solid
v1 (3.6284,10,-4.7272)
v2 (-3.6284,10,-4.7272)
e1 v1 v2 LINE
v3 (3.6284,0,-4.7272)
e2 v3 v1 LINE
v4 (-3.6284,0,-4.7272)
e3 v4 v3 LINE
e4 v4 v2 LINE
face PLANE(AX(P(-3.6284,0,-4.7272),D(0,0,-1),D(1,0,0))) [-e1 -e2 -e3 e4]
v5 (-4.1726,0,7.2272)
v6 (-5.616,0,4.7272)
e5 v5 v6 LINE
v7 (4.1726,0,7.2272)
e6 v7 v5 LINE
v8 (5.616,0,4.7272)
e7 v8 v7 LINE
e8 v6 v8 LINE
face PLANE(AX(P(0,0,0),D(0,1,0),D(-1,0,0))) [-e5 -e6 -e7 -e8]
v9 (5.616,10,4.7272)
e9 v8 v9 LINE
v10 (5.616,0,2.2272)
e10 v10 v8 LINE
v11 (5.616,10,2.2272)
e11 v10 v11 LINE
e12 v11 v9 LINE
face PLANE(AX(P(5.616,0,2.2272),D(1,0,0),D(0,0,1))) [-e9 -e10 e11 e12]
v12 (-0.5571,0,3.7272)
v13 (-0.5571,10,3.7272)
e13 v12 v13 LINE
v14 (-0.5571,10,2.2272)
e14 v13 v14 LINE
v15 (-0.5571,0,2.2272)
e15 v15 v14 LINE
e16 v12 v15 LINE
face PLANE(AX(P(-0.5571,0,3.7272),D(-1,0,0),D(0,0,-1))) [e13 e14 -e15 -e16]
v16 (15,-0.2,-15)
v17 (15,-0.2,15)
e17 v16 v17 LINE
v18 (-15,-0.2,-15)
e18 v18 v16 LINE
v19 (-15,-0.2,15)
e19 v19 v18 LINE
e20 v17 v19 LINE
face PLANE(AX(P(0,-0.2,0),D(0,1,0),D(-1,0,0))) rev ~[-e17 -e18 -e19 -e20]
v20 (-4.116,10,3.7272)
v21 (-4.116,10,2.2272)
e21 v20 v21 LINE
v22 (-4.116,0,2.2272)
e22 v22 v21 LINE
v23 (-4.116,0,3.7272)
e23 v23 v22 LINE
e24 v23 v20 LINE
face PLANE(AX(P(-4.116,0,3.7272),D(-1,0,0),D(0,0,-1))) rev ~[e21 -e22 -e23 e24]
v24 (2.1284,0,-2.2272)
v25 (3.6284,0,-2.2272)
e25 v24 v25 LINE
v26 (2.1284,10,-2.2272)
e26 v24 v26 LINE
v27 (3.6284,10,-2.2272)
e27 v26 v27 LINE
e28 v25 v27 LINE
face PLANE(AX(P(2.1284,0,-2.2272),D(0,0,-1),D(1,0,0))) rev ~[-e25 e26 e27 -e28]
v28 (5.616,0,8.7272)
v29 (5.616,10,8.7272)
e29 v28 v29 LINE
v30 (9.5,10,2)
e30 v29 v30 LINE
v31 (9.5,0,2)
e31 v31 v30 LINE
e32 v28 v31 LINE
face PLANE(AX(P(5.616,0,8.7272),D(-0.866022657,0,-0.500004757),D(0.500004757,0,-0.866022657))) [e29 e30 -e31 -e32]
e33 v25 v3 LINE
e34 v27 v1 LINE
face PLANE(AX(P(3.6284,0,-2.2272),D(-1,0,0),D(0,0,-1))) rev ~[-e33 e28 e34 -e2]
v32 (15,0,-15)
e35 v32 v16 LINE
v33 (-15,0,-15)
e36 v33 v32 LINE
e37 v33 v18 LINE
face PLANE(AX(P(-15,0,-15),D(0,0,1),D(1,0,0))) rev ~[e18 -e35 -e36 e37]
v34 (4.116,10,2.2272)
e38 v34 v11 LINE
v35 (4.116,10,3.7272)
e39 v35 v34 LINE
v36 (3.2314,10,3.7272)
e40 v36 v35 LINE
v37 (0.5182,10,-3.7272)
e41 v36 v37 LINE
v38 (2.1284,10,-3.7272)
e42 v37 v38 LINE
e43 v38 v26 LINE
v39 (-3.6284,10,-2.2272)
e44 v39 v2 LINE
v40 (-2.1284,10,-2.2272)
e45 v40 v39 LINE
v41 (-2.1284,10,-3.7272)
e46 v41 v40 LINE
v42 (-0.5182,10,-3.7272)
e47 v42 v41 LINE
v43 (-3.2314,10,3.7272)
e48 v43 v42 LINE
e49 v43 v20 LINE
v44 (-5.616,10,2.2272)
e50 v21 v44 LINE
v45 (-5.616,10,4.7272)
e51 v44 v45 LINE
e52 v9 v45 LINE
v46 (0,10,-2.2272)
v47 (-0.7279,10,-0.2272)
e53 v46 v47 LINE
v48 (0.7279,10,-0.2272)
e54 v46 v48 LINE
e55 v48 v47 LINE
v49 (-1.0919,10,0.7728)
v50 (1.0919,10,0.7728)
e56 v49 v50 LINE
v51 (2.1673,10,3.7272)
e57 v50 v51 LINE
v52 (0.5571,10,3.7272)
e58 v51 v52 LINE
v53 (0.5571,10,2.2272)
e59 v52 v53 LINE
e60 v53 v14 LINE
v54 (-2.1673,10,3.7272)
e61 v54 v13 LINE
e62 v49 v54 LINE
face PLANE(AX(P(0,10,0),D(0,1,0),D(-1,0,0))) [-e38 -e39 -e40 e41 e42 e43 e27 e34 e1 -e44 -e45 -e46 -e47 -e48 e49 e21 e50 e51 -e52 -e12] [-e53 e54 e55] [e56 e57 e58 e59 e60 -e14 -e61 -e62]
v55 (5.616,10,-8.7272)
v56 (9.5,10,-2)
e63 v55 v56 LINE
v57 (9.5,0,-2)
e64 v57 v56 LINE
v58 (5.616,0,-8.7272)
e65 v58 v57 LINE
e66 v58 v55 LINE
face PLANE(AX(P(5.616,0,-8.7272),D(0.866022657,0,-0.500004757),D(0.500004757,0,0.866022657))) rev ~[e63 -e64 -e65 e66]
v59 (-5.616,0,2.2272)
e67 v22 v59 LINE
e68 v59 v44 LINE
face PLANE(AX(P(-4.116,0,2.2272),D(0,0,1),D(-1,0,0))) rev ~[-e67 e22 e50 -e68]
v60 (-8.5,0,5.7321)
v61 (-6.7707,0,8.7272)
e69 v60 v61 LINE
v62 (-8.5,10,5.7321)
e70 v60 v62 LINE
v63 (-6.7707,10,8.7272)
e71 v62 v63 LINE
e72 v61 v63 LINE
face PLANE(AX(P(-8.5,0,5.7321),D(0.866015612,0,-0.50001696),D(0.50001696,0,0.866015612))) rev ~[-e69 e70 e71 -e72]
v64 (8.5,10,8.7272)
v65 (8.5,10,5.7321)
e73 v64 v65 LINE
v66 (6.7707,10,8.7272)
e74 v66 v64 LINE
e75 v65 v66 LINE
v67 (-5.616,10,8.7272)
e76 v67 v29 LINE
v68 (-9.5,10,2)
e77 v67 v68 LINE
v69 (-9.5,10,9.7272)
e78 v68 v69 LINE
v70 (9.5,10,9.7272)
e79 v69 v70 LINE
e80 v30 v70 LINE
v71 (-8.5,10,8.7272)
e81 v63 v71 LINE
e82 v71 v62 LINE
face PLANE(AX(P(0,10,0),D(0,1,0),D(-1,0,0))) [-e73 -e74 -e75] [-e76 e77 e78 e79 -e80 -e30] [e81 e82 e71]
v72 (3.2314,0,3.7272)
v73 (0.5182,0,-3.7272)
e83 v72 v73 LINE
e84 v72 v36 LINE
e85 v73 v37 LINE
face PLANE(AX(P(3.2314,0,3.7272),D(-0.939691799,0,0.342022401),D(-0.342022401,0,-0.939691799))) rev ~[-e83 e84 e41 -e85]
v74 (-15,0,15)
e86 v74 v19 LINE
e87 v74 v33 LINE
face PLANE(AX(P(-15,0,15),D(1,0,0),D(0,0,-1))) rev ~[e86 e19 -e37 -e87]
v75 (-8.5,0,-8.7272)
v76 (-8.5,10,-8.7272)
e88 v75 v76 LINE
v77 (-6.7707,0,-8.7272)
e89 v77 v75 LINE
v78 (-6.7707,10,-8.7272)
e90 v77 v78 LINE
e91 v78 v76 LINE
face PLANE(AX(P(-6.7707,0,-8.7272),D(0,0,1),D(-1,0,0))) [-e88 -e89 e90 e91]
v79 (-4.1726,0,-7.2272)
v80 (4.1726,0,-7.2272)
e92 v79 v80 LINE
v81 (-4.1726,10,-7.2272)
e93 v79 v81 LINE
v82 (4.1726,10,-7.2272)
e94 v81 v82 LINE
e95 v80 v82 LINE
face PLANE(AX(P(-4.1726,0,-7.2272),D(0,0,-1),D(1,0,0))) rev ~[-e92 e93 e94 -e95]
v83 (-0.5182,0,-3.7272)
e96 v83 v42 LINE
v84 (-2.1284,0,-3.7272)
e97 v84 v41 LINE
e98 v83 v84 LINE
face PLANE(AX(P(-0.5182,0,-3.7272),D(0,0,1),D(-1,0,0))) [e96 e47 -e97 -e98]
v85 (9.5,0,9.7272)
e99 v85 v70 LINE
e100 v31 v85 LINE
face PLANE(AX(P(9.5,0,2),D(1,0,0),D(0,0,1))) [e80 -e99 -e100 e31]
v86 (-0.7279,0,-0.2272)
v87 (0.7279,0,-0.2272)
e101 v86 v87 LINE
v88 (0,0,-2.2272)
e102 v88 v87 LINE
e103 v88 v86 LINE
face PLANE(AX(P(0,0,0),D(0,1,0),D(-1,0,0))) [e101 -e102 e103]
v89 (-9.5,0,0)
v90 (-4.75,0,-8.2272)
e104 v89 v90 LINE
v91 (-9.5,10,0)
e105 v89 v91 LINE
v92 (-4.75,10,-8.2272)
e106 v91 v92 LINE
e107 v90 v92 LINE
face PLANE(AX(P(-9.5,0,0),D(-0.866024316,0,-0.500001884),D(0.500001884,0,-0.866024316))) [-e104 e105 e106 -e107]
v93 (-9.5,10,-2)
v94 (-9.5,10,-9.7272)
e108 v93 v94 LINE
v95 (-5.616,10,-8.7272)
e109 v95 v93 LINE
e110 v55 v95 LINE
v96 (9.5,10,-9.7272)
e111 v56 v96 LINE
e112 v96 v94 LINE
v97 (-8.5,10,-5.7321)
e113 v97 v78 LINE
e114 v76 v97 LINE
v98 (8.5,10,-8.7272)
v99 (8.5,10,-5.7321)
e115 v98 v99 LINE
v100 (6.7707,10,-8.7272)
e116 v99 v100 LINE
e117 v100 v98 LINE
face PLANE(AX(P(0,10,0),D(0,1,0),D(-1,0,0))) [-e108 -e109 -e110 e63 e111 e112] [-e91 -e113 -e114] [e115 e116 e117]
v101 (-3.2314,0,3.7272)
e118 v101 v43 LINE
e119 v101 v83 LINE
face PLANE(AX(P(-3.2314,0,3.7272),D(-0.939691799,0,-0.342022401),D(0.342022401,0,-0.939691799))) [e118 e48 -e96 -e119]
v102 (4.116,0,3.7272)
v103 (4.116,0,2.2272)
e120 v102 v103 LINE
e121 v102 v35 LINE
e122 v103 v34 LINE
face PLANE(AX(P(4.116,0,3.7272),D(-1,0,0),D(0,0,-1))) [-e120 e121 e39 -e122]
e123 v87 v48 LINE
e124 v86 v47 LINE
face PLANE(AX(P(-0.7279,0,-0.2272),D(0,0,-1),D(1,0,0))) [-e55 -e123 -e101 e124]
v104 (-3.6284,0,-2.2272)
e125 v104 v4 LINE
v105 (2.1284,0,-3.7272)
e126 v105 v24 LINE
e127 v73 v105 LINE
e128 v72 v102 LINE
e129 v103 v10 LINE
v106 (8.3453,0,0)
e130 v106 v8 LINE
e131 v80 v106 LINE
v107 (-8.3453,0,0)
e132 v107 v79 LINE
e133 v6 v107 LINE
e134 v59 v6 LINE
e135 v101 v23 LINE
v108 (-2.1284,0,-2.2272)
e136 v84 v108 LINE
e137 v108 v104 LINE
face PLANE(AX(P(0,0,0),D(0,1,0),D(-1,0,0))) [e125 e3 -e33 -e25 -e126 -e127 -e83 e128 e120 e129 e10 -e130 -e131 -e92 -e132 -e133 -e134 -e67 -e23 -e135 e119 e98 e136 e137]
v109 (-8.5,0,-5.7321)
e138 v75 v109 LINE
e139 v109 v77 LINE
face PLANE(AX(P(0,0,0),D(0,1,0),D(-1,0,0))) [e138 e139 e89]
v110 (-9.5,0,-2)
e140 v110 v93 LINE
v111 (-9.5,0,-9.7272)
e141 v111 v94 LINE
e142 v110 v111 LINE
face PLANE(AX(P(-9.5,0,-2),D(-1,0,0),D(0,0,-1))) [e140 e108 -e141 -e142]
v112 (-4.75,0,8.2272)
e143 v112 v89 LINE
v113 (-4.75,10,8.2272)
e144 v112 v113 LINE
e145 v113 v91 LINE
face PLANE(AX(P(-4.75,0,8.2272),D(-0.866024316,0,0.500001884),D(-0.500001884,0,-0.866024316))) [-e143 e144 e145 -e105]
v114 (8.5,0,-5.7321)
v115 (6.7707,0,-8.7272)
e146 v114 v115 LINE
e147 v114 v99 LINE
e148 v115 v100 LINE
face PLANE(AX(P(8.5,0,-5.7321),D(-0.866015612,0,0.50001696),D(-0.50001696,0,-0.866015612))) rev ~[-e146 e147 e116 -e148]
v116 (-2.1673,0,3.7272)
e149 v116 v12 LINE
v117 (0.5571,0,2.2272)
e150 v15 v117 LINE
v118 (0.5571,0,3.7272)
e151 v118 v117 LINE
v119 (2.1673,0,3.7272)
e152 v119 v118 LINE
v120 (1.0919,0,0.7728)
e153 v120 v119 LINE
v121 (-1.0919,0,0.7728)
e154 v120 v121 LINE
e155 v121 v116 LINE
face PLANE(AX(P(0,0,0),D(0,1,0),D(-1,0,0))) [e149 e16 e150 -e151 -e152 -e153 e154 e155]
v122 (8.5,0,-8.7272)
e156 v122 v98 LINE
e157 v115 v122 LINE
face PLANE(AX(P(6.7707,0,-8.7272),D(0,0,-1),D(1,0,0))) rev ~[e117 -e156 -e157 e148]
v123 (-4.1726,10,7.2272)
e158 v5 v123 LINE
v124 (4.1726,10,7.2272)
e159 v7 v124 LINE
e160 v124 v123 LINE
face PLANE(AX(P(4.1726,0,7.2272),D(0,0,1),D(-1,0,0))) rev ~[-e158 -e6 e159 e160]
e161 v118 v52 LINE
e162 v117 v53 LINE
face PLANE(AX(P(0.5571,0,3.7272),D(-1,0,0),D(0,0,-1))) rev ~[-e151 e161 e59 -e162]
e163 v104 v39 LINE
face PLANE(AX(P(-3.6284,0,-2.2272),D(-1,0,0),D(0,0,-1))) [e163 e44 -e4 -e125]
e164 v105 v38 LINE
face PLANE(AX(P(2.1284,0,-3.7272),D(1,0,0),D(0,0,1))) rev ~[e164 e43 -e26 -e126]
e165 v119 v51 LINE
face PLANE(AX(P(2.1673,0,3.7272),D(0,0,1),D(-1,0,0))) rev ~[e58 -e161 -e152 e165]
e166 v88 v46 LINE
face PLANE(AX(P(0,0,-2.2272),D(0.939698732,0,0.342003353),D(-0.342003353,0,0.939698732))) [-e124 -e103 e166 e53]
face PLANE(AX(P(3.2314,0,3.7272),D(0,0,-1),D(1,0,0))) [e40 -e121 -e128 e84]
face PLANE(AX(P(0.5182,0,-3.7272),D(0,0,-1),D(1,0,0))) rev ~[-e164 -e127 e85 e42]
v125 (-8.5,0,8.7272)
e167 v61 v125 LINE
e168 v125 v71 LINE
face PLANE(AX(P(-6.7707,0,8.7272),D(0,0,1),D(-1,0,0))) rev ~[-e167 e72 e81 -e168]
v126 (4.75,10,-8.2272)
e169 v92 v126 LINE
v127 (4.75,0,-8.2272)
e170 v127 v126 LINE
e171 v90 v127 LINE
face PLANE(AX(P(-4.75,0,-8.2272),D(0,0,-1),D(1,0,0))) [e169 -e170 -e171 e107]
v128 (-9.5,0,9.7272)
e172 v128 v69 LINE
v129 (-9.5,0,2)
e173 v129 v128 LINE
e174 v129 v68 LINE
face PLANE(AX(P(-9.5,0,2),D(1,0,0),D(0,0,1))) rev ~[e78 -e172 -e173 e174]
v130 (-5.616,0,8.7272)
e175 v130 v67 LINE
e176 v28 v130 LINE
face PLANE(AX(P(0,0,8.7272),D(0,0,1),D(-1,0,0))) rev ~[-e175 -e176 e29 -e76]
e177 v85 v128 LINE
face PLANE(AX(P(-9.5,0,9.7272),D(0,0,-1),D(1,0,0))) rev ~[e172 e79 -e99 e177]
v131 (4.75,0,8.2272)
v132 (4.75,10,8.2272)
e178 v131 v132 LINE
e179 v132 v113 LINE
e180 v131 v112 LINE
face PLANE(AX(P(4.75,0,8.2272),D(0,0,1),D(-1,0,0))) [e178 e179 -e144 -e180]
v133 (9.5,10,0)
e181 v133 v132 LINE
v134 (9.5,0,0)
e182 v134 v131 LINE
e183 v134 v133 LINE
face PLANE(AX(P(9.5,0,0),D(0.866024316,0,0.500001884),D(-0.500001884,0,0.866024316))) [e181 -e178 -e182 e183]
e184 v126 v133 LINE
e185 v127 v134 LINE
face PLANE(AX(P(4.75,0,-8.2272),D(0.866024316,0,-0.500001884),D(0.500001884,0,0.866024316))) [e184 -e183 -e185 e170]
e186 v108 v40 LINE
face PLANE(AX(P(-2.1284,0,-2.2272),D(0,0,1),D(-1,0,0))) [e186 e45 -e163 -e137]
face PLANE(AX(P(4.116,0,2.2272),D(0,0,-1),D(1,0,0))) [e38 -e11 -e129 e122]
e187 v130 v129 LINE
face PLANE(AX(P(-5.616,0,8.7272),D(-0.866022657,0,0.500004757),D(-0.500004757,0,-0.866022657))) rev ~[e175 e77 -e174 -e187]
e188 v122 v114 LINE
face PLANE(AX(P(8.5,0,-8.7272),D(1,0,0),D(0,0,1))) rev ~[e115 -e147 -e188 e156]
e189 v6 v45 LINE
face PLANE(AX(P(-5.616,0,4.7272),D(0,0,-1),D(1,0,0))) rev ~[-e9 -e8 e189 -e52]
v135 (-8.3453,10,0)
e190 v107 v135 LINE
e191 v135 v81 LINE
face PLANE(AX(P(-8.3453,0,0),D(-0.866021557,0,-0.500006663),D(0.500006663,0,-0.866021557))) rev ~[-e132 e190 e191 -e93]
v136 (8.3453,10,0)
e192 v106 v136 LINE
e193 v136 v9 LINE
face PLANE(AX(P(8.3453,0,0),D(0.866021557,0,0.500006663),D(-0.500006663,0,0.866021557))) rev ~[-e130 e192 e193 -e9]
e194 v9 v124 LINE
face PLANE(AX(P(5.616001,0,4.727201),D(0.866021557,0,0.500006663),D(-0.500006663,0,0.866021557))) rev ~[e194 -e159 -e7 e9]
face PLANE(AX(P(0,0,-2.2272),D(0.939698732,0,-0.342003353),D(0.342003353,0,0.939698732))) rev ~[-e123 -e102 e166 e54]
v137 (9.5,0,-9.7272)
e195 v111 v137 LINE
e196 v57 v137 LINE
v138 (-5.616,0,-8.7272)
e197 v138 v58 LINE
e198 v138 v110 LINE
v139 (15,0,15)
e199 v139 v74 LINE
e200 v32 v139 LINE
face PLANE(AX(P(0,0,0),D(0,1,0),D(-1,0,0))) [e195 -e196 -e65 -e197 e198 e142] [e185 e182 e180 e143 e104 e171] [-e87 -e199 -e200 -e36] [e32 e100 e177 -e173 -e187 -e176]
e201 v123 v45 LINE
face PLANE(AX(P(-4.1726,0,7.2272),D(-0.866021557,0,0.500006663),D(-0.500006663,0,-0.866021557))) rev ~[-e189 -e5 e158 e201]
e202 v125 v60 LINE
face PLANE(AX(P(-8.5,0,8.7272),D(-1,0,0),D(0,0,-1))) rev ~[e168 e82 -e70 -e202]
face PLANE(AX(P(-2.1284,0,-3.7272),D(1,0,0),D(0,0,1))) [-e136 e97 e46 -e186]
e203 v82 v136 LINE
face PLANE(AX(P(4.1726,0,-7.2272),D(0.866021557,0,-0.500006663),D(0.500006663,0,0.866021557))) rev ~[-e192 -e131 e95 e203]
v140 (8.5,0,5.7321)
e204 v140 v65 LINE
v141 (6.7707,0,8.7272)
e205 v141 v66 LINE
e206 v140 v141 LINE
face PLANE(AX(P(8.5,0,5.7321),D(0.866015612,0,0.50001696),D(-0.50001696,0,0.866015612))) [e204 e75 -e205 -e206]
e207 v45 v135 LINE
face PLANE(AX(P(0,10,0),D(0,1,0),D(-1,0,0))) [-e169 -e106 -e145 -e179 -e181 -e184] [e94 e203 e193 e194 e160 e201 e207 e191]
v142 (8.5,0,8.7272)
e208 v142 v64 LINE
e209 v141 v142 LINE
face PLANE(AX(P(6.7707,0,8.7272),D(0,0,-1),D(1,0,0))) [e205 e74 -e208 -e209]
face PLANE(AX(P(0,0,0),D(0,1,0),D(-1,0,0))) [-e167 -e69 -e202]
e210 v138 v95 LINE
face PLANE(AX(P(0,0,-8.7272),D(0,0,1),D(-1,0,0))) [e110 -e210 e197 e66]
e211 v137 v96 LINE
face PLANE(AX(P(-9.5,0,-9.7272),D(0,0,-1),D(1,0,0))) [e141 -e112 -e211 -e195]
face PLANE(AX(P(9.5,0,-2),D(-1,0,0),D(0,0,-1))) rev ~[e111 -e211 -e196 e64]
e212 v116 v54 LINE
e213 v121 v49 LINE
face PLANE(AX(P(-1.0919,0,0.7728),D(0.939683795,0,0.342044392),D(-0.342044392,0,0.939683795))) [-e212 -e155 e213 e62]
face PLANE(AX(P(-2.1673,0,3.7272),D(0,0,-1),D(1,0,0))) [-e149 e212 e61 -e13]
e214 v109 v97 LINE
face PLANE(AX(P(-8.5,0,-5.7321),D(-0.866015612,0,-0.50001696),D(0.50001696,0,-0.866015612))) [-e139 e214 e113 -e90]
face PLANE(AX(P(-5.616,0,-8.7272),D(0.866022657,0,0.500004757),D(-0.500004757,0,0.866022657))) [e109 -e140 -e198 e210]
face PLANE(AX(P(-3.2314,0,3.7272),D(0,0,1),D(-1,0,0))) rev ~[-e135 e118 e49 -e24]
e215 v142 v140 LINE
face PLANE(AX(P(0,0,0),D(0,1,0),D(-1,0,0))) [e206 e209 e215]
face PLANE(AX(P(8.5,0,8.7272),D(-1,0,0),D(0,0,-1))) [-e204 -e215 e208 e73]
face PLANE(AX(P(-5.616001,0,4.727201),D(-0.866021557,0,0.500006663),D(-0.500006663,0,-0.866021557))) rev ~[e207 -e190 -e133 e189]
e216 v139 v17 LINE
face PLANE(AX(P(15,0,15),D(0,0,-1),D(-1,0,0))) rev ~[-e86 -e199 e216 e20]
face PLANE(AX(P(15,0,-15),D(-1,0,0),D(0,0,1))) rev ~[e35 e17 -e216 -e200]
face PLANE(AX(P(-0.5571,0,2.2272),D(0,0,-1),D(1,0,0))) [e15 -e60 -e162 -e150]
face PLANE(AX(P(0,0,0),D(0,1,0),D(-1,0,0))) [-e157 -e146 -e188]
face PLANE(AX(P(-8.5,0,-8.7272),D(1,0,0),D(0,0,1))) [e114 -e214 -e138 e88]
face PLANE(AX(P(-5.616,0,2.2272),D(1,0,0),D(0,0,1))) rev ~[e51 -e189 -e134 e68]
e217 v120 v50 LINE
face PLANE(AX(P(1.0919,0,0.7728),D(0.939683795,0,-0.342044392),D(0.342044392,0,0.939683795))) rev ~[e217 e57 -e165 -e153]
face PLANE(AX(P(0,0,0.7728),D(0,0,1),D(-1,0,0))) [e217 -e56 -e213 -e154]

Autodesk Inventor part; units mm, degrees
ref_plane "YZ Plane" through (0, 0, 0) normal (1, 0, 0) x (0, 1, 0)
ref_plane "XZ Plane" through (0, 0, 0) normal (0, 1, 0) x (-1, 0, 0)
ref_plane "XY Plane" through (0, 0, 0) normal (0, 0, 1) x (1, 0, 0)
sketch "Sketch1" plane through (0, 0, 0) normal (0, 1, 0) x (-1, 0, 0)
  line L0 (-10, 10) -> (10, 10)
  line L1 (10, 10) -> (10, -10)
  line L2 (10, -10) -> (-10, -10)
  line L3 (-10, -10) -> (-10, 10)
  line L4 (-10, 10) -> (10, -10) construction
  line L5 (10, 10) -> (-10, -10) construction
  line L6 (-9.5, 0) -> (-4.75, 8.2272)
  line L7 (-4.75, 8.2272) -> (4.75, 8.2272)
  line L8 (4.75, 8.2272) -> (9.5, 0)
  line L9 (9.5, 0) -> (4.75, -8.2272)
  line L10 (4.75, -8.2272) -> (-4.75, -8.2272)
  line L11 (-4.75, -8.2272) -> (-9.5, 0)
  line L12 (-8.3453, 0) -> (-4.1726, 7.2272)
  line L13 (-4.1726, 7.2272) -> (4.1726, 7.2272)
  line L14 (4.1726, 7.2272) -> (8.3453, 0)
  line L15 (8.3453, 0) -> (4.1726, -7.2272)
  line L16 (4.1726, -7.2272) -> (-4.1726, -7.2272)
  line L17 (-4.1726, -7.2272) -> (-8.3453, 0)
  line L18 (2.1284, -3.7272) -> (2.1284, -2.2272)
  line L19 (2.1284, -2.2272) -> (3.6284, -2.2272)
  line L20 (3.6284, -2.2272) -> (3.6284, -4.7272)
  line L21 (3.6284, -4.7272) -> (0, -4.7272)
  line L22 (0, -4.7272) -> (0, -2.2272)
  line L23 (0, -2.2272) -> (0.7279, -0.2272)
  line L24 (0.7279, -0.2272) -> (0, -0.2272)
  line L25 (0, -0.2272) -> (0, 0.7728)
  line L26 (0, 0.7728) -> (1.0919, 0.7728)
  line L27 (3.2314, 3.7272) -> (0.5182, -3.7272)
  line L28 (0.5182, -3.7272) -> (2.1284, -3.7272)
  line L29 (3.2314, 3.7272) -> (4.116, 3.7272)
  line L30 (4.116, 3.7272) -> (4.116, 2.2272)
  line L31 (4.116, 2.2272) -> (5.616, 2.2272)
  line L32 (5.616, 2.2272) -> (5.616, 4.7272)
  line L33 (5.616, 4.7272) -> (2.2598, 4.7272)
  line L34 (1.0919, 0.7728) -> (2.1673, 3.7272)
  line L35 (2.1673, 3.7272) -> (0.5571, 3.7272)
  line L36 (0.5571, 3.7272) -> (0.5571, 2.2272)
  line L37 (0.5571, 2.2272) -> (0, 2.2272)
  line L38 (0, 2.2272) -> (0, 4.7272)
  line L39 (0, 4.7272) -> (2.2598, 4.7272)
  line L40 (-2.1284, -3.7272) -> (-2.1284, -2.2272)
  line L41 (-2.1284, -2.2272) -> (-3.6284, -2.2272)
  line L42 (-3.6284, -2.2272) -> (-3.6284, -4.7272)
  line L43 (-3.6284, -4.7272) -> (0, -4.7272)
  line L44 (0, -2.2272) -> (-0.7279, -0.2272)
  line L45 (-0.7279, -0.2272) -> (0, -0.2272)
  line L46 (0, 0.7728) -> (-1.0919, 0.7728)
  line L47 (-3.2314, 3.7272) -> (-0.5182, -3.7272)
  line L48 (-0.5182, -3.7272) -> (-2.1284, -3.7272)
  line L49 (-3.2314, 3.7272) -> (-4.116, 3.7272)
  line L50 (-4.116, 3.7272) -> (-4.116, 2.2272)
  line L51 (-4.116, 2.2272) -> (-5.616, 2.2272)
  line L52 (-5.616, 2.2272) -> (-5.616, 4.7272)
  line L53 (-5.616, 4.7272) -> (-2.2598, 4.7272)
  line L54 (-1.0919, 0.7728) -> (-2.1673, 3.7272)
  line L55 (-2.1673, 3.7272) -> (-0.5571, 3.7272)
  line L56 (-0.5571, 3.7272) -> (-0.5571, 2.2272)
  line L57 (-0.5571, 2.2272) -> (0, 2.2272)
  line L58 (0, 4.7272) -> (-2.2598, 4.7272)
  line L59 (5.616, -8.7272) -> (9.5, -2)
  line L60 (9.5, -2) -> (9.5, -9.7272)
  line L61 (9.5, -9.7272) -> (0, -9.7272)
  line L62 (0, -9.7272) -> (0, -8.7272)
  line L63 (0, -8.7272) -> (5.616, -8.7272)
  line L64 (6.7707, -8.7272) -> (8.5, -8.7272)
  line L65 (8.5, -8.7272) -> (8.5, -5.7321)
  line L66 (8.5, -5.7321) -> (6.7707, -8.7272)
  line L67 (-5.616, -8.7272) -> (-9.5, -2)
  line L68 (-9.5, -2) -> (-9.5, -9.7272)
  line L69 (-9.5, -9.7272) -> (0, -9.7272)
  line L70 (0, -8.7272) -> (-5.616, -8.7272)
  line L71 (-6.7707, -8.7272) -> (-8.5, -8.7272)
  line L72 (-8.5, -8.7272) -> (-8.5, -5.7321)
  line L73 (-8.5, -5.7321) -> (-6.7707, -8.7272)
  line L74 (10, 0) -> (14.2645, 0) construction
  line L75 (-10, -10) -> (10, 10) construction
  line L76 (4.75, 8.2272) -> (-4.75, 8.2272)
  line L77 (5.616, 8.7272) -> (9.5, 2)
  line L78 (9.5, 2) -> (9.5, 9.7272)
  line L79 (9.5, 9.7272) -> (0, 9.7272)
  line L80 (0, 9.7272) -> (0, 8.7272)
  line L81 (0, 8.7272) -> (5.616, 8.7272)
  line L82 (6.7707, 8.7272) -> (8.5, 8.7272)
  line L83 (8.5, 8.7272) -> (8.5, 5.7321)
  line L84 (8.5, 5.7321) -> (6.7707, 8.7272)
  line L85 (-9.5, 9.7272) -> (0, 9.7272)
  line L86 (-6.7707, 8.7272) -> (-8.5, 8.7272)
  line L87 (-8.5, 5.7321) -> (-6.7707, 8.7272)
  line L88 (-8.5, 8.7272) -> (-8.5, 5.7321)
  line L89 (-9.5, 2) -> (-9.5, 9.7272)
  line L90 (-5.616, 8.7272) -> (-9.5, 2)
  line L91 (0, 8.7272) -> (-5.616, 8.7272)
  point P0 (0, 0)
  point P1 (0, 0)
  point P2 (0, 0)
  point P3 (0, -7.2272)
  dimension "d0" = 20
  dimension "d1" = 20
  dimension "d2" = 0.5
  dimension "d3" = 1
  dimension "d4" = 1.5
  dimension "d5" = 1
  dimension "d6" = 1.5
  dimension "d7" = 1
  dimension "d9" = 70
  dimension "d13" = 1.5
  dimension "d14" = 1.5
  dimension "d15" = 1
  dimension "d16" = 1
  dimension "d17" = 2
  dimension "d18" = 1
  dimension "d19" = 2.5
  dimension "d23" = 1
  dimension "d26" = 2.5
  dimension "d29" = 0.5
  dimension "d30" = 1
  dimension "d32" = 1
  dimension "d33" = 1
  dimension "d34" = 1
extrude "Extrusion1" add sketch "Sketch1" along normal blind 10 contours L6 L7 L8 L9 L10 L11 | L53 L58 L38 L57 L56 L55 L54 L46 L25 L45 L44 L22 L43 L42 L41 L40 L48 L47 L49 L50 L51 L52 | L39 L33 L32 L31 L30 L29 L27 L28 L18 L19 L20 L21 L22 L23 L24 L25 L26 L34 L35 L36 L37 L38 | L59 L60 L61 L62 L63 | L62 L69 L68 L67 L70 | L81 L80 L79 L78 L77 | L91 L90 L89 L85 L80
sketch "Sketch2" plane through (0, 0, 0) normal (0, 1, 0) x (-1, 0, 0)
  line L0 (-15, 15) -> (15, 15)
  line L1 (15, 15) -> (15, -15)
  line L2 (15, -15) -> (-15, -15)
  line L3 (-15, -15) -> (-15, 15)
  line L4 (-15, 15) -> (15, -15) construction
  line L5 (15, 15) -> (-15, -15) construction
  point P0 (0, 0)
  dimension "d35" = 30
  dimension "d36" = 30
extrude "Extrusion2" add sketch "Sketch2" against normal blind 0.2
equation "\"d2\" = mini"
equation "\"d3\" = 2 * mini"
equation "\"nozzleHead\" = 0.5"
equation "\"mini\" = nozzleHead"
properties part number "A_main"
